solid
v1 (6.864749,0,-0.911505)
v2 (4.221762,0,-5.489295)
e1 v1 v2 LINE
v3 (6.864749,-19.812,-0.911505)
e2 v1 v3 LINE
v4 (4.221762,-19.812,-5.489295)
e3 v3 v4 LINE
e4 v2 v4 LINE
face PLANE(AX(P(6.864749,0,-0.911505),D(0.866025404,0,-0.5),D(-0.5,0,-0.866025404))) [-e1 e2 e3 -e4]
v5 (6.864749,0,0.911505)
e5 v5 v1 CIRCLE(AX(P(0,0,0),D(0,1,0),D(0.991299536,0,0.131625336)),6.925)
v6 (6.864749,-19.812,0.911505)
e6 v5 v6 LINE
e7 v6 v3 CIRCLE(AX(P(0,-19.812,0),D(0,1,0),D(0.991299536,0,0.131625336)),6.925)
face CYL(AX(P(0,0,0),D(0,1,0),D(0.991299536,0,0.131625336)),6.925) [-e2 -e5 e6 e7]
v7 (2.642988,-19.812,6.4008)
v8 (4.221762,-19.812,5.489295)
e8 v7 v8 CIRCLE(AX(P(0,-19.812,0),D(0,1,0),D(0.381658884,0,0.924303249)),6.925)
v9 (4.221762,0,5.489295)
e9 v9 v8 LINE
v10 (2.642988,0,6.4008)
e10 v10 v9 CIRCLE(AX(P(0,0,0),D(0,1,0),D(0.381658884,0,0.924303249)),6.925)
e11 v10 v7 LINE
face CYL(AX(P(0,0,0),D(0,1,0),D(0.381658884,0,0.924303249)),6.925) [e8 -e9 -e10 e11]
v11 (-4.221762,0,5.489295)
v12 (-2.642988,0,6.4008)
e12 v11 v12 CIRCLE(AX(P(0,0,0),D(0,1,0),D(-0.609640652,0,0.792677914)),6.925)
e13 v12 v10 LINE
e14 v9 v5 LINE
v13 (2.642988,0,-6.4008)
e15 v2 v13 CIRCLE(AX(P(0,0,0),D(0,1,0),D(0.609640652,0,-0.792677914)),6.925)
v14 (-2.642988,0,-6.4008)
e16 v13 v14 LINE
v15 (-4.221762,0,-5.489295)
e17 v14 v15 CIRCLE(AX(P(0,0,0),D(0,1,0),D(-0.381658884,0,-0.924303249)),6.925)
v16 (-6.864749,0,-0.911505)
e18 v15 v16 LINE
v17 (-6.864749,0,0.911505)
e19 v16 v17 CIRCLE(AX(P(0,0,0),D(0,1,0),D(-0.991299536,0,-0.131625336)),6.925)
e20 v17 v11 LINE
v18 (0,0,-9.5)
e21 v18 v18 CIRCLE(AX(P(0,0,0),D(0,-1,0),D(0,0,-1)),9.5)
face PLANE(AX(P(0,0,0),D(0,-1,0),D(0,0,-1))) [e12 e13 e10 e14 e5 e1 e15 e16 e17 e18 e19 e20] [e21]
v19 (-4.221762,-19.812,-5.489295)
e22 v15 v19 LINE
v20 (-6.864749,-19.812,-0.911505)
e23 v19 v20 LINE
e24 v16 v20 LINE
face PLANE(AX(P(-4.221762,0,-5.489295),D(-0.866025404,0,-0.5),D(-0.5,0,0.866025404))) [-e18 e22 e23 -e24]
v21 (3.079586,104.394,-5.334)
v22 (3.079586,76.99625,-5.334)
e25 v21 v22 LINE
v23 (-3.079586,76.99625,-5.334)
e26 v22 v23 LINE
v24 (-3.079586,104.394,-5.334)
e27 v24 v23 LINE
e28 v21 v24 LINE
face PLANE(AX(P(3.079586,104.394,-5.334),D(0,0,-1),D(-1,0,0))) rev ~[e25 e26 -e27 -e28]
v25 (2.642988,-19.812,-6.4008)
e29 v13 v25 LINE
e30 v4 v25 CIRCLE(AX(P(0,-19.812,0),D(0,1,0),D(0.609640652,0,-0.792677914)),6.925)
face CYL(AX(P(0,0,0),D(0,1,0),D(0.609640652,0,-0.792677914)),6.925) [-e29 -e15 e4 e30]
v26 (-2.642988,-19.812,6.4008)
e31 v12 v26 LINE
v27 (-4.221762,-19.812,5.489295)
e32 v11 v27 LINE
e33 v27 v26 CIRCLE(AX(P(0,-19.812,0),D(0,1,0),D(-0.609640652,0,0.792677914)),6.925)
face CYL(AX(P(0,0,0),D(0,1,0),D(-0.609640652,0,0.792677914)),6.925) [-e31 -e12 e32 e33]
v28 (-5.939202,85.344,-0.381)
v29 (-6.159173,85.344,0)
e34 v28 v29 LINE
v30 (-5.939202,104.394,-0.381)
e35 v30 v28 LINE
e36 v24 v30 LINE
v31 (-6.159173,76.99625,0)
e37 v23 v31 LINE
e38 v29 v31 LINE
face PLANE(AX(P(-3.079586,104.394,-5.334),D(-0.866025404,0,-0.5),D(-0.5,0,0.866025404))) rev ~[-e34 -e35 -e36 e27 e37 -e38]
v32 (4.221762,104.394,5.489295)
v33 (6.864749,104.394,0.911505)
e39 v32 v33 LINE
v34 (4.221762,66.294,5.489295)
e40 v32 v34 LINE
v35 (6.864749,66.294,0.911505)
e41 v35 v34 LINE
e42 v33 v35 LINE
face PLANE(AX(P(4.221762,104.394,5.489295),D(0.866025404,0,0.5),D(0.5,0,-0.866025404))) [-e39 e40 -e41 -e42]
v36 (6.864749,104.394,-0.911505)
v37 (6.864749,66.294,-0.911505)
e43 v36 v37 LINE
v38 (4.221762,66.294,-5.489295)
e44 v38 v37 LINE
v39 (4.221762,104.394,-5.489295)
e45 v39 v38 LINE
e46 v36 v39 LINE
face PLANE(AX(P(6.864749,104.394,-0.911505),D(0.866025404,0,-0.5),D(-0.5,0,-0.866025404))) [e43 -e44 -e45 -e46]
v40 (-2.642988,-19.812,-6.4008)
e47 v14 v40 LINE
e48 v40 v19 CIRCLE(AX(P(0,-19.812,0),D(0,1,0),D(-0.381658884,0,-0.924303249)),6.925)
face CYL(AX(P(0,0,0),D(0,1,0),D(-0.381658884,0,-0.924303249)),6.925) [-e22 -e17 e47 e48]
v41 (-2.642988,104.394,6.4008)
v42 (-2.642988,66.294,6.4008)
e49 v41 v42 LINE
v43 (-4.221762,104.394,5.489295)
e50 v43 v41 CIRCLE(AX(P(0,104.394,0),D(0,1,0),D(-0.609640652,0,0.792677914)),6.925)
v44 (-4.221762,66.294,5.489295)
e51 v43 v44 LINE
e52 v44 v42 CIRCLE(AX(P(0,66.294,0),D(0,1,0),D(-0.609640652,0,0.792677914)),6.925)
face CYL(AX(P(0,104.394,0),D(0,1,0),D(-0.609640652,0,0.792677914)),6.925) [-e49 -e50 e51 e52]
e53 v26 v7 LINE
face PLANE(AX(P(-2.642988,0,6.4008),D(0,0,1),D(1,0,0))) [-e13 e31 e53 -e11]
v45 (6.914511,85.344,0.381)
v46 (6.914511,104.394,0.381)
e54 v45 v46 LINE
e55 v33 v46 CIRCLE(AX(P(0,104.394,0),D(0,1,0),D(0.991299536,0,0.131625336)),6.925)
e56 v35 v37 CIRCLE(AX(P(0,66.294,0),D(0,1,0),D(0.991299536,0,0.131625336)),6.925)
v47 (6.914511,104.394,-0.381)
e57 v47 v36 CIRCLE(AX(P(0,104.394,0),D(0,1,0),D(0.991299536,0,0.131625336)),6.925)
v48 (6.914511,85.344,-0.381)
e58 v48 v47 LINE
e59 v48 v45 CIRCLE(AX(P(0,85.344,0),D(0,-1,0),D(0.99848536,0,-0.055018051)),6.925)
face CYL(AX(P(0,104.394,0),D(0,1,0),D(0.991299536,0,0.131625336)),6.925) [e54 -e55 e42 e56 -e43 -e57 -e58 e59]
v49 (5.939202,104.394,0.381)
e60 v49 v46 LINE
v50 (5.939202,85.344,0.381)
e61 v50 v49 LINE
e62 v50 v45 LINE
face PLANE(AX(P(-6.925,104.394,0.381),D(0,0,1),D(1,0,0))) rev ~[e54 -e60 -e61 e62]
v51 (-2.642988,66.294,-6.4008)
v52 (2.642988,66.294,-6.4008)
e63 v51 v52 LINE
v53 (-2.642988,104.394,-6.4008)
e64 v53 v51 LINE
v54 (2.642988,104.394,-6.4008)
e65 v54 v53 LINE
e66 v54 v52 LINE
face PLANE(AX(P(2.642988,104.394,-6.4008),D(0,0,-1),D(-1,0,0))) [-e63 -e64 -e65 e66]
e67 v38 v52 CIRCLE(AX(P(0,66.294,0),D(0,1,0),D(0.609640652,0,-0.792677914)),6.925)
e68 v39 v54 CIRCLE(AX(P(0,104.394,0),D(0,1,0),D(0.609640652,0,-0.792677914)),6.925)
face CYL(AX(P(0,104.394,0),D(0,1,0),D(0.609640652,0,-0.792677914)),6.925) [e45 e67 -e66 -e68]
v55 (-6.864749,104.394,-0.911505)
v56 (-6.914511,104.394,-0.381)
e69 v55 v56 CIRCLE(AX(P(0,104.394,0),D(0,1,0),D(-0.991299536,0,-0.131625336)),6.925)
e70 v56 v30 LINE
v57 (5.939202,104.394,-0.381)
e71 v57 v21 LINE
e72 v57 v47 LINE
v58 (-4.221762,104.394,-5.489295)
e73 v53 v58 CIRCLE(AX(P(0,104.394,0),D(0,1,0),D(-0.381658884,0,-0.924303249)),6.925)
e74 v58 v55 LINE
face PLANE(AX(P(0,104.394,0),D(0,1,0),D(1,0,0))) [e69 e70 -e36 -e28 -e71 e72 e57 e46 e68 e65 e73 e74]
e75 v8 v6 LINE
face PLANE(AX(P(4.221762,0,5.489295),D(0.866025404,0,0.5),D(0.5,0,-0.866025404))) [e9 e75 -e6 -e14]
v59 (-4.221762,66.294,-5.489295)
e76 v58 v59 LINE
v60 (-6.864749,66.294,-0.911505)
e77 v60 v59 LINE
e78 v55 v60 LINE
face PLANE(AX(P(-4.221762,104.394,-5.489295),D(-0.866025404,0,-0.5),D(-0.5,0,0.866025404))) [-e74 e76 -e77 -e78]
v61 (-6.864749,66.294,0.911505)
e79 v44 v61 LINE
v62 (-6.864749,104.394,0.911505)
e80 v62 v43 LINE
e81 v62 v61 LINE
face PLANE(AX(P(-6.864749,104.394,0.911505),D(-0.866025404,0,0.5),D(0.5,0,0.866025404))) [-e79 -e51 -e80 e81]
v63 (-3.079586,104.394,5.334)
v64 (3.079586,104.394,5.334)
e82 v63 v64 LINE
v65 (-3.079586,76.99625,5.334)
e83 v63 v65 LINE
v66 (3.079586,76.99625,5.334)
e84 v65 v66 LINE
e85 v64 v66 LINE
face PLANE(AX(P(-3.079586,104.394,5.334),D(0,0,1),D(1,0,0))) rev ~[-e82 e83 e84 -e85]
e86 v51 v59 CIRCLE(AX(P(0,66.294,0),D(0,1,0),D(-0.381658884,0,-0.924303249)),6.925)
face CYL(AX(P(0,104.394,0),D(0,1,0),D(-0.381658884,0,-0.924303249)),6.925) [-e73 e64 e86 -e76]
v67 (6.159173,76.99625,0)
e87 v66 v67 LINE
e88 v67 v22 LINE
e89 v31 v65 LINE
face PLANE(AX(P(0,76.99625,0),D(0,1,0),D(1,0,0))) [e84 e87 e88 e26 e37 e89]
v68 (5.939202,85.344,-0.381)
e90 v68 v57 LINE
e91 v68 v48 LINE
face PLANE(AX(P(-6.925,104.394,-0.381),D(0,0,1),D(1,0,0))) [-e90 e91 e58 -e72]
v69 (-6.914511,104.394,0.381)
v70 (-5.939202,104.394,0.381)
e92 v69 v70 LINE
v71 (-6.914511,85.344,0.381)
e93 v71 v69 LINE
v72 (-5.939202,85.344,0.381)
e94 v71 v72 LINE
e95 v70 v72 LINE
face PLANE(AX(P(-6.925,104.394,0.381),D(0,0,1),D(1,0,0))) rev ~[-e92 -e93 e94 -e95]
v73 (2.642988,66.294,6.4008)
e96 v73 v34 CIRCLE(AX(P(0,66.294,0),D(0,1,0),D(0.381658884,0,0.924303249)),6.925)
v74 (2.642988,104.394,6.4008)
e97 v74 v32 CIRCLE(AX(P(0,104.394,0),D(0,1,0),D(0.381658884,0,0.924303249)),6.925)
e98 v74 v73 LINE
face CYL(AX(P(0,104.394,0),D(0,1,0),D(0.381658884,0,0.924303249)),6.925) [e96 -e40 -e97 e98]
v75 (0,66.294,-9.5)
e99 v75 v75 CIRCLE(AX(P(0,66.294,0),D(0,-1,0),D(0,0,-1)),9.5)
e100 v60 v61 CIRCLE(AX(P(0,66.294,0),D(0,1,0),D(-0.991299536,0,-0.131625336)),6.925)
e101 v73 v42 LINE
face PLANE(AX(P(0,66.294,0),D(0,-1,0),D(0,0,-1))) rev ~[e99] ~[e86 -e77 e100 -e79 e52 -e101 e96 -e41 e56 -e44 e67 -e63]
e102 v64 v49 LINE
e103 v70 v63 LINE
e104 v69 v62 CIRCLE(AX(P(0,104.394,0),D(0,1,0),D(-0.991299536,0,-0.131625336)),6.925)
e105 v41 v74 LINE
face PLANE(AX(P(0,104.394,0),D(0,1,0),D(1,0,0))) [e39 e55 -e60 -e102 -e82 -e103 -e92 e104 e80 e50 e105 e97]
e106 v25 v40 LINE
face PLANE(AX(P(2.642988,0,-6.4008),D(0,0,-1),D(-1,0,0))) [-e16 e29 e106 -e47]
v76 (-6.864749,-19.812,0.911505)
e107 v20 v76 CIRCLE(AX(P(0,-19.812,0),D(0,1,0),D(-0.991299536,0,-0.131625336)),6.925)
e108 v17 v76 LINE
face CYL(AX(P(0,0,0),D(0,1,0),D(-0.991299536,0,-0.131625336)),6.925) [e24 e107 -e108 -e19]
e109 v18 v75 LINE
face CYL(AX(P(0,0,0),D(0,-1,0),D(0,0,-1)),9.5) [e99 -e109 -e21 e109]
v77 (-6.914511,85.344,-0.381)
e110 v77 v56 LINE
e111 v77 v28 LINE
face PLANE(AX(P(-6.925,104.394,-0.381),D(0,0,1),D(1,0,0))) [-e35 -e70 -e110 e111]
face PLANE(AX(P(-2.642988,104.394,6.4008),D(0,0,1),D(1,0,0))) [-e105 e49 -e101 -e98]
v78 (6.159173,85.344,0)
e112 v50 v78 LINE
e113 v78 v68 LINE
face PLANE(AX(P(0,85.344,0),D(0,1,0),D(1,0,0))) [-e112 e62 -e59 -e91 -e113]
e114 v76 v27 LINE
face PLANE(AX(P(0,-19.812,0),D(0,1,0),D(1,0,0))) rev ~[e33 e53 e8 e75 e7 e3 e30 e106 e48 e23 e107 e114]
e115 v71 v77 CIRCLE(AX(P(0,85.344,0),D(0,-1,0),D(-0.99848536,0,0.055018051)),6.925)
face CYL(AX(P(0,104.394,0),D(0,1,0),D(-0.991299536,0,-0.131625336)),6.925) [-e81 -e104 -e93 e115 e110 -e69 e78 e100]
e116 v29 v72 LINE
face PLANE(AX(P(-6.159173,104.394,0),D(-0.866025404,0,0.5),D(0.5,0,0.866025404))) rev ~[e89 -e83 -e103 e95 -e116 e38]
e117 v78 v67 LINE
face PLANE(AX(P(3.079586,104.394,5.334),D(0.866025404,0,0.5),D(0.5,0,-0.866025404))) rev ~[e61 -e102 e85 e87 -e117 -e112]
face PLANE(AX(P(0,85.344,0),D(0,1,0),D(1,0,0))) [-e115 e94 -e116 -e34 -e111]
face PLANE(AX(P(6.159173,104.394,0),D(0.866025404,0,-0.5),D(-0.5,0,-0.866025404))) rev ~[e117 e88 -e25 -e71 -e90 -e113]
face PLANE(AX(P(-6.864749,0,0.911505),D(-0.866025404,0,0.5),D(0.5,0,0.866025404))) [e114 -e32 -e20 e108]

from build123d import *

# Parameters (mm, degrees)
BOSS_EXTRUDE1_DEPTH = 19.812
SKETCH2_R           = 9.5
BOSS_EXTRUDE2_DEPTH = 66.294
BOSS_EXTRUDE6_START = 104.394
BOSS_EXTRUDE6_DEPTH = 104.394
SKETCH6_W           = 13.85
SKETCH6_H           = 0.762
CUT_EXTRUDE1_DEPTH  = 19.05
CUT_EXTRUDE2_DEPTH  = 27.397749878


with BuildPart() as part:
    # Sketch1 → Boss-Extrude1 (new body)
    with BuildSketch(Plane(origin=(0, 0, 0), x_dir=(1, 0, 0), z_dir=(0, 1, 0))):
        with BuildLine():
            Line((6.86474929, 0.911505448), (4.221761519, 5.489294552))
            ThreePointArc((4.221761519, 5.489294552), (3.4625, 5.997225921), (2.642987771, 6.4008))
            Line((2.642987771, 6.4008), (-2.642987771, 6.4008))
            ThreePointArc((-2.642987771, 6.4008), (-3.4625, 5.997225921), (-4.221761519, 5.489294552))
            Line((-4.221761519, 5.489294552), (-6.86474929, 0.911505448))
            ThreePointArc((-6.86474929, 0.911505448), (-6.925, 0), (-6.86474929, -0.911505448))
            Line((-6.86474929, -0.911505448), (-4.221761519, -5.489294552))
            ThreePointArc((-4.221761519, -5.489294552), (-3.4625, -5.997225921), (-2.642987771, -6.4008))
            Line((-2.642987771, -6.4008), (2.642987771, -6.4008))
            ThreePointArc((2.642987771, -6.4008), (3.4625, -5.997225921), (4.221761519, -5.489294552))
            Line((4.221761519, -5.489294552), (6.86474929, -0.911505448))
            ThreePointArc((6.86474929, -0.911505448), (6.925, 0), (6.86474929, 0.911505448))
        make_face()
    extrude(amount=-BOSS_EXTRUDE1_DEPTH)

    # Sketch2 → Boss-Extrude2 (add)
    with BuildSketch(Plane(origin=(0, 0, 0), x_dir=(-1, 0, 0), z_dir=(0, -1, 0))):
        Circle(SKETCH2_R)
    extrude(amount=-BOSS_EXTRUDE2_DEPTH)

    # Sketch1<4> → Boss-Extrude6 (add)
    with BuildSketch(Plane(origin=(0, 0, 0), x_dir=(1, 0, 0), z_dir=(0, 1, 0)).offset(BOSS_EXTRUDE6_START)):
        with BuildLine():
            Line((6.86474929, 0.911505448), (4.221761519, 5.489294552))
            ThreePointArc((4.221761519, 5.489294552), (3.4625, 5.997225921), (2.642987771, 6.4008))
            Line((2.642987771, 6.4008), (-2.642987771, 6.4008))
            ThreePointArc((-2.642987771, 6.4008), (-3.4625, 5.997225921), (-4.221761519, 5.489294552))
            Line((-4.221761519, 5.489294552), (-6.86474929, 0.911505448))
            ThreePointArc((-6.86474929, 0.911505448), (-6.925, 0), (-6.86474929, -0.911505448))
            Line((-6.86474929, -0.911505448), (-4.221761519, -5.489294552))
            ThreePointArc((-4.221761519, -5.489294552), (-3.4625, -5.997225921), (-2.642987771, -6.4008))
            Line((-2.642987771, -6.4008), (2.642987771, -6.4008))
            ThreePointArc((2.642987771, -6.4008), (3.4625, -5.997225921), (4.221761519, -5.489294552))
            Line((4.221761519, -5.489294552), (6.86474929, -0.911505448))
            ThreePointArc((6.86474929, -0.911505448), (6.925, 0), (6.86474929, 0.911505448))
        make_face()
    extrude(amount=-BOSS_EXTRUDE6_DEPTH)

    # Sketch6 → Cut-Extrude1 (cut)
    with BuildSketch(Plane(origin=(0, 104.394, 0), x_dir=(1, 0, 0), z_dir=(0, 1, 0))):
        Rectangle(SKETCH6_W, SKETCH6_H)
    extrude(amount=-CUT_EXTRUDE1_DEPTH, mode=Mode.SUBTRACT)

    # Sketch7 → Cut-Extrude2 (cut)
    with BuildSketch(Plane(origin=(0, 104.394, 0), x_dir=(1, 0, 0), z_dir=(0, 1, 0))):
        Polygon((3.079586336, 5.334), (-3.079586336, 5.334), (-6.159172672, 0), (-3.079586336, -5.334), (3.079586336, -5.334), (6.159172672, 0), align=None)
    extrude(amount=-CUT_EXTRUDE2_DEPTH, mode=Mode.SUBTRACT)


solid = part.part
